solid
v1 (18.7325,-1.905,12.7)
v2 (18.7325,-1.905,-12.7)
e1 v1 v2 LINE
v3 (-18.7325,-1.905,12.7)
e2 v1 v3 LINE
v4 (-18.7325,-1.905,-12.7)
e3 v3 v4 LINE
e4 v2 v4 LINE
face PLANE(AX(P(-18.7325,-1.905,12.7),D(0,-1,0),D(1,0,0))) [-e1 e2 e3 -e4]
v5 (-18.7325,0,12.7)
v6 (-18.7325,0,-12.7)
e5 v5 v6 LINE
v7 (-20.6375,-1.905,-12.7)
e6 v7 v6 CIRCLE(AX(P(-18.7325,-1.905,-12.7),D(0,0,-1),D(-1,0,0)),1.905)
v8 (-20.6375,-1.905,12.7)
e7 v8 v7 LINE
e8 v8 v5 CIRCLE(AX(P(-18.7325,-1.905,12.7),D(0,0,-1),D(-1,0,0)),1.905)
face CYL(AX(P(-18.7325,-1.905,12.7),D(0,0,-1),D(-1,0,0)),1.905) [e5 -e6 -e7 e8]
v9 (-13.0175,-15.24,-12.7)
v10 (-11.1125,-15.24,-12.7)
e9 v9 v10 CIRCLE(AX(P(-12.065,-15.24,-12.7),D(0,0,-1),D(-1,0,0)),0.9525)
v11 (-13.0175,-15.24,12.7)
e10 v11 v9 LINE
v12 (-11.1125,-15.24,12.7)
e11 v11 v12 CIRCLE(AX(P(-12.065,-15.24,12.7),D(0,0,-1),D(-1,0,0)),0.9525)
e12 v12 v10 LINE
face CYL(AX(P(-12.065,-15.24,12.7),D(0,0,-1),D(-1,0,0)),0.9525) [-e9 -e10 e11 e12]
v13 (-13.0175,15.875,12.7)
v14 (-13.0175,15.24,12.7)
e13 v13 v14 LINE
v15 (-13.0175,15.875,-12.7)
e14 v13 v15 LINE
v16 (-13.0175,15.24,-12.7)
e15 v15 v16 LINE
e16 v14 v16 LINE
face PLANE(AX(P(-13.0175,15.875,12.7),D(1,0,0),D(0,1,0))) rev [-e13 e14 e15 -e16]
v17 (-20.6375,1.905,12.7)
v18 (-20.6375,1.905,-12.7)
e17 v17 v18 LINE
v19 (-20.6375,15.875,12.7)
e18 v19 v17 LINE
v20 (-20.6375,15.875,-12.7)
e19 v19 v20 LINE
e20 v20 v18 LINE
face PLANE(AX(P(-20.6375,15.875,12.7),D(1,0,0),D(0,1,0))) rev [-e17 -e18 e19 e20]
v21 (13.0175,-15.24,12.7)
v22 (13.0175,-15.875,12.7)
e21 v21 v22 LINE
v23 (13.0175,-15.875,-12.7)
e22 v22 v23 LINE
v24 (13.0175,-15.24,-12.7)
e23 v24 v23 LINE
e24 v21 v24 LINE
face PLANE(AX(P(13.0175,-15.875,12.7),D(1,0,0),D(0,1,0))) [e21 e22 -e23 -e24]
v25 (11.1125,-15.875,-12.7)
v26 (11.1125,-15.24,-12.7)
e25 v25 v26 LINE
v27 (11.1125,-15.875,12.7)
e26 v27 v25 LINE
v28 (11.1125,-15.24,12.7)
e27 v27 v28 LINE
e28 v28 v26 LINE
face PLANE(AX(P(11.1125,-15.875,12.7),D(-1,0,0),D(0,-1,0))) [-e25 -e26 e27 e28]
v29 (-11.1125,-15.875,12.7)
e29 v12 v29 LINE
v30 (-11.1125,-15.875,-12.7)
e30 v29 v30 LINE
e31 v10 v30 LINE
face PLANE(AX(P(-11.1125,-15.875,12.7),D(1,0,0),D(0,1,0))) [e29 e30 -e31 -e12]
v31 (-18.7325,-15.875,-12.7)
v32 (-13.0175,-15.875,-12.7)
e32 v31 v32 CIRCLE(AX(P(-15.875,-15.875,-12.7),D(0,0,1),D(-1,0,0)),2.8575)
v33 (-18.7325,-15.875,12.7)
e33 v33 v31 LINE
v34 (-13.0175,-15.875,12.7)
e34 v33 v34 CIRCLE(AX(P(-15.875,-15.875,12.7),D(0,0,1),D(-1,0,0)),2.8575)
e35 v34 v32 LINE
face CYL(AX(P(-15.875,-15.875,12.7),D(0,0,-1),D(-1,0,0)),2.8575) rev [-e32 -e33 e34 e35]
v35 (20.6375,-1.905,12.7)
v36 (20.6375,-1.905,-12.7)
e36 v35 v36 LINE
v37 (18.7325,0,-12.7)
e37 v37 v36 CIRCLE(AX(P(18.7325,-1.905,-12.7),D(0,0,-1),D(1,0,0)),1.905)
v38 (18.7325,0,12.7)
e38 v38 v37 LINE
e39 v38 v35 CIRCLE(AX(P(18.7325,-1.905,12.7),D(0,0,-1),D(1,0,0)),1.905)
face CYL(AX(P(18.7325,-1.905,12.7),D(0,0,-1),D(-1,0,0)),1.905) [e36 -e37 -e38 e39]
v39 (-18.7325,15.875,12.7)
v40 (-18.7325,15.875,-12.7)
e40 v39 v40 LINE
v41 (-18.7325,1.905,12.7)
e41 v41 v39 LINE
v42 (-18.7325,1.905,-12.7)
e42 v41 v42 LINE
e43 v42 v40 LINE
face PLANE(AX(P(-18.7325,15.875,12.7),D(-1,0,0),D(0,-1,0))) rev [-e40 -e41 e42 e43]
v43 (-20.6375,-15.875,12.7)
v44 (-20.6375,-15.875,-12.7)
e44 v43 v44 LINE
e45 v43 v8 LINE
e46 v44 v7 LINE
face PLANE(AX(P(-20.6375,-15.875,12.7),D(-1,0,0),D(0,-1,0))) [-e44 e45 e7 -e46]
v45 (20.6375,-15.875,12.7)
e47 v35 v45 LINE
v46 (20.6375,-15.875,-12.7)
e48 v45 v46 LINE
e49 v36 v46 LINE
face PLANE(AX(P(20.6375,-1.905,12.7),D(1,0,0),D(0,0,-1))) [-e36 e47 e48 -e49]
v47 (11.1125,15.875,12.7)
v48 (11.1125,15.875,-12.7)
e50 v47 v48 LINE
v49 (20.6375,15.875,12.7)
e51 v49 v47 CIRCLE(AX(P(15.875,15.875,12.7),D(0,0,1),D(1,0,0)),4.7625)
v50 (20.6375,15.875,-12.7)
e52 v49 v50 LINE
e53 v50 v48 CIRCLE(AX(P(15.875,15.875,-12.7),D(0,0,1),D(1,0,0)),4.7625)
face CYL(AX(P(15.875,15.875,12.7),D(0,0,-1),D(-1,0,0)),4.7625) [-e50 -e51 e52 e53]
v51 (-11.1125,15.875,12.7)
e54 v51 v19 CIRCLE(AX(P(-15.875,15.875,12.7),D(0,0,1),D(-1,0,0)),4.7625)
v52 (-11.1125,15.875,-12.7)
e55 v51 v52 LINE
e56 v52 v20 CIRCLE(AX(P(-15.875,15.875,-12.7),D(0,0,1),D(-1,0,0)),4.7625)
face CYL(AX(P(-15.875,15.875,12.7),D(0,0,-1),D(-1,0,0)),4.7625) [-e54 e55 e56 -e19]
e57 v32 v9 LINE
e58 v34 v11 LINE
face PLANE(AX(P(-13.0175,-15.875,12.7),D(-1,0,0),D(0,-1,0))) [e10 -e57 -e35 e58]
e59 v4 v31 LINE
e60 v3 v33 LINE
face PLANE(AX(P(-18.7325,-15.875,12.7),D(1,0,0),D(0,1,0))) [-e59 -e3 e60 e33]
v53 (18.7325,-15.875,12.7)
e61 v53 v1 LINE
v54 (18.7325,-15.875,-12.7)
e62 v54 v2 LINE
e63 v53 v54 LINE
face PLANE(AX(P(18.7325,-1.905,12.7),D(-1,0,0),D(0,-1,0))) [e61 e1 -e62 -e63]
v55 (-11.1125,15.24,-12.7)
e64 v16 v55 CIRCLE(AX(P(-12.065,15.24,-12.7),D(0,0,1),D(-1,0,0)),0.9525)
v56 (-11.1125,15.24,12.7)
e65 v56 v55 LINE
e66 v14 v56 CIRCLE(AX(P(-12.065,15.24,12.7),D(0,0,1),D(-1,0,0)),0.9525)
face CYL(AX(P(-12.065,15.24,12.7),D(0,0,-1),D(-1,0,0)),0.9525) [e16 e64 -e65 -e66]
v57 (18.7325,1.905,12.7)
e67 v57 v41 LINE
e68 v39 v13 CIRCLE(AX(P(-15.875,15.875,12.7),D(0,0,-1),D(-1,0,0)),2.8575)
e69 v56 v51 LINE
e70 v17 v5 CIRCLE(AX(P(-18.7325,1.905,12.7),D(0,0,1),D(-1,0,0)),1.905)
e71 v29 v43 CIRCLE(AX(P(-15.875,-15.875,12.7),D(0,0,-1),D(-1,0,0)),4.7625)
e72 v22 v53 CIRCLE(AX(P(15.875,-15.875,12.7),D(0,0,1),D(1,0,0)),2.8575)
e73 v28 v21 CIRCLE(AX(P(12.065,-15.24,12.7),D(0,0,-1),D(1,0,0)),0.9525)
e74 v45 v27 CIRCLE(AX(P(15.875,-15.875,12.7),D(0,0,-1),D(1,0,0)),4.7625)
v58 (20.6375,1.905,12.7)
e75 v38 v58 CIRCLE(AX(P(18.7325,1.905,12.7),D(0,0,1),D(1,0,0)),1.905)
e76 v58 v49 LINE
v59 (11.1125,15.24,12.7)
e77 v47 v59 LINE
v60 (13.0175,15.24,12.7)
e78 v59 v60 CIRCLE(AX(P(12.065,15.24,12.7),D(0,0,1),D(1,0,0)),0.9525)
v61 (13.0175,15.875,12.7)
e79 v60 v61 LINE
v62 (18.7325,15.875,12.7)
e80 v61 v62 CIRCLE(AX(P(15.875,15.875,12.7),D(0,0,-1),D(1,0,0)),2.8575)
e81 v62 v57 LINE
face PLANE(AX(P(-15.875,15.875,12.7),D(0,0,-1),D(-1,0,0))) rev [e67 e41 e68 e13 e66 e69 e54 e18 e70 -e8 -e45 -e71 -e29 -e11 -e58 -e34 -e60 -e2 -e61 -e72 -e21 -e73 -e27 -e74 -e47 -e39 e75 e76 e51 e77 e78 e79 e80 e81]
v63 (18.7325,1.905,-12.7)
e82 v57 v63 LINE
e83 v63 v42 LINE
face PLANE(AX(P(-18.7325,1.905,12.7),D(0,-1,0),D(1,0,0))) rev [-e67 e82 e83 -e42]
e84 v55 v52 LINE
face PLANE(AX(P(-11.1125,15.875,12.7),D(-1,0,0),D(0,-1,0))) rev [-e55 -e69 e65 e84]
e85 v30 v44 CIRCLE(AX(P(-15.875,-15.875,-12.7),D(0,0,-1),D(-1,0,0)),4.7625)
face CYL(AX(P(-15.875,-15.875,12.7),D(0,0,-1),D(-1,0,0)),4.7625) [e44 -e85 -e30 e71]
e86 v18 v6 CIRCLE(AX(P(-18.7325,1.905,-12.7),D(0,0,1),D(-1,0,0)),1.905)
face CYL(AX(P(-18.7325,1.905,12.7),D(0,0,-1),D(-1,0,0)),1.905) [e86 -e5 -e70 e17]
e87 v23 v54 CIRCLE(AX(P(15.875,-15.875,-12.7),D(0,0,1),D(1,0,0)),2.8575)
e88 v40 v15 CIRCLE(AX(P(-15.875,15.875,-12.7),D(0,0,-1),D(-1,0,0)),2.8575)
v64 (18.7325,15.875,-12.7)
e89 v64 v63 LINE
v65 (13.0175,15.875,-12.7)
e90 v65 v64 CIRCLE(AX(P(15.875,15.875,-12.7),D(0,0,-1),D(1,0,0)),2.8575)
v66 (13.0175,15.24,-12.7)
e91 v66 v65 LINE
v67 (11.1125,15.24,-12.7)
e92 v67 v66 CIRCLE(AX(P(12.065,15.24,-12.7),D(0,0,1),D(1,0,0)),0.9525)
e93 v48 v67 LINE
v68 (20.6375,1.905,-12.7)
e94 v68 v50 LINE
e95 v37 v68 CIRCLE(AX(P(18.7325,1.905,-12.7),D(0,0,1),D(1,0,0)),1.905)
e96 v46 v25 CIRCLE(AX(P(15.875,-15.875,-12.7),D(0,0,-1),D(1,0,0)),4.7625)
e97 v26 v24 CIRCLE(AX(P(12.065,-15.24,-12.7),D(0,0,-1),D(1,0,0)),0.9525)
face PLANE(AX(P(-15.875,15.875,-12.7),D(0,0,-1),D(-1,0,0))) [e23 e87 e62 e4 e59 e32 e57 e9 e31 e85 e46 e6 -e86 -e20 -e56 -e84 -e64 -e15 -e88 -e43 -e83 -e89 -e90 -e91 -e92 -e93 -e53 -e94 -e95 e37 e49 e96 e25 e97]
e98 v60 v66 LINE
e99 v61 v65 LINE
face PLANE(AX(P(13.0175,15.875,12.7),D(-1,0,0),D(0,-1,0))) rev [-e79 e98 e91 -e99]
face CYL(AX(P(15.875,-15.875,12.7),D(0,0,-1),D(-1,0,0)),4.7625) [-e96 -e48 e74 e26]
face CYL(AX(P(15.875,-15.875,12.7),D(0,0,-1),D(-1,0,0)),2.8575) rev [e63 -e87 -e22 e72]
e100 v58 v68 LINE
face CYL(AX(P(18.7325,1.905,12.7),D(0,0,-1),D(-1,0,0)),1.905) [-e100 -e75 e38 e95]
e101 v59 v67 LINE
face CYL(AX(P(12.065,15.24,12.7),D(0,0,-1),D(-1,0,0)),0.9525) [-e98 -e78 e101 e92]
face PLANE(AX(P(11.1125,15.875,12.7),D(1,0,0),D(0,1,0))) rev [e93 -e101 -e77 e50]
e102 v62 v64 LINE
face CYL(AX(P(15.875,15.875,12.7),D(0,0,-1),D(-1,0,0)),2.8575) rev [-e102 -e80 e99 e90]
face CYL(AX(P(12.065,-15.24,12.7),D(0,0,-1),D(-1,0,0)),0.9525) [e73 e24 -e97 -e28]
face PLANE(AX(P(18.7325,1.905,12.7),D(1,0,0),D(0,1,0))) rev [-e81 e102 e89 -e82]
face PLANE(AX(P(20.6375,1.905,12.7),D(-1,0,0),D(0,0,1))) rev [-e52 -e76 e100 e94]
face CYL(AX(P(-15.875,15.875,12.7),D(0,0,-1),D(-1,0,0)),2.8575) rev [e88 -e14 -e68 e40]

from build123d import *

# Parameters (mm, degrees)
BASE_EXTRUDE_DEPTH = 12.7


with BuildPart() as part:
    # Sketch1 → Base-Extrude (new, symmetric)
    with BuildSketch(Plane.XY):
        with BuildLine():
            Line((-20.6375, 15.875), (-20.6375, 1.905))
            ThreePointArc((-20.6375, 1.905), (-20.079538418, 0.557961582), (-18.7325, 0))
            Line((-18.7325, 0), (18.7325, 0))
            ThreePointArc((18.7325, 0), (20.079538418, 0.557961582), (20.6375, 1.905))
            Line((20.6375, 1.905), (20.6375, 15.875))
            ThreePointArc((20.6375, 15.875), (15.875, 20.6375), (11.1125, 15.875))
            Line((11.1125, 15.875), (11.1125, 15.24))
            ThreePointArc((11.1125, 15.24), (12.065, 14.2875), (13.0175, 15.24))
            Line((13.0175, 15.24), (13.0175, 15.875))
            ThreePointArc((13.0175, 15.875), (15.875, 18.7325), (18.7325, 15.875))
            Line((18.7325, 15.875), (18.7325, 1.905))
            Line((18.7325, 1.905), (-18.7325, 1.905))
            Line((-18.7325, 1.905), (-18.7325, 15.875))
            ThreePointArc((-18.7325, 15.875), (-15.875, 18.7325), (-13.0175, 15.875))
            Line((-13.0175, 15.875), (-13.0175, 15.24))
            ThreePointArc((-13.0175, 15.24), (-12.065, 14.2875), (-11.1125, 15.24))
            Line((-11.1125, 15.24), (-11.1125, 15.875))
            ThreePointArc((-11.1125, 15.875), (-15.875, 20.6375), (-20.6375, 15.875))
        make_face()
    base_extrude = extrude(amount=BASE_EXTRUDE_DEPTH, both=True)

    # Mirror1: Base-Extrude across plane
    add(base_extrude.mirror(Plane.ZX))


solid = part.part
